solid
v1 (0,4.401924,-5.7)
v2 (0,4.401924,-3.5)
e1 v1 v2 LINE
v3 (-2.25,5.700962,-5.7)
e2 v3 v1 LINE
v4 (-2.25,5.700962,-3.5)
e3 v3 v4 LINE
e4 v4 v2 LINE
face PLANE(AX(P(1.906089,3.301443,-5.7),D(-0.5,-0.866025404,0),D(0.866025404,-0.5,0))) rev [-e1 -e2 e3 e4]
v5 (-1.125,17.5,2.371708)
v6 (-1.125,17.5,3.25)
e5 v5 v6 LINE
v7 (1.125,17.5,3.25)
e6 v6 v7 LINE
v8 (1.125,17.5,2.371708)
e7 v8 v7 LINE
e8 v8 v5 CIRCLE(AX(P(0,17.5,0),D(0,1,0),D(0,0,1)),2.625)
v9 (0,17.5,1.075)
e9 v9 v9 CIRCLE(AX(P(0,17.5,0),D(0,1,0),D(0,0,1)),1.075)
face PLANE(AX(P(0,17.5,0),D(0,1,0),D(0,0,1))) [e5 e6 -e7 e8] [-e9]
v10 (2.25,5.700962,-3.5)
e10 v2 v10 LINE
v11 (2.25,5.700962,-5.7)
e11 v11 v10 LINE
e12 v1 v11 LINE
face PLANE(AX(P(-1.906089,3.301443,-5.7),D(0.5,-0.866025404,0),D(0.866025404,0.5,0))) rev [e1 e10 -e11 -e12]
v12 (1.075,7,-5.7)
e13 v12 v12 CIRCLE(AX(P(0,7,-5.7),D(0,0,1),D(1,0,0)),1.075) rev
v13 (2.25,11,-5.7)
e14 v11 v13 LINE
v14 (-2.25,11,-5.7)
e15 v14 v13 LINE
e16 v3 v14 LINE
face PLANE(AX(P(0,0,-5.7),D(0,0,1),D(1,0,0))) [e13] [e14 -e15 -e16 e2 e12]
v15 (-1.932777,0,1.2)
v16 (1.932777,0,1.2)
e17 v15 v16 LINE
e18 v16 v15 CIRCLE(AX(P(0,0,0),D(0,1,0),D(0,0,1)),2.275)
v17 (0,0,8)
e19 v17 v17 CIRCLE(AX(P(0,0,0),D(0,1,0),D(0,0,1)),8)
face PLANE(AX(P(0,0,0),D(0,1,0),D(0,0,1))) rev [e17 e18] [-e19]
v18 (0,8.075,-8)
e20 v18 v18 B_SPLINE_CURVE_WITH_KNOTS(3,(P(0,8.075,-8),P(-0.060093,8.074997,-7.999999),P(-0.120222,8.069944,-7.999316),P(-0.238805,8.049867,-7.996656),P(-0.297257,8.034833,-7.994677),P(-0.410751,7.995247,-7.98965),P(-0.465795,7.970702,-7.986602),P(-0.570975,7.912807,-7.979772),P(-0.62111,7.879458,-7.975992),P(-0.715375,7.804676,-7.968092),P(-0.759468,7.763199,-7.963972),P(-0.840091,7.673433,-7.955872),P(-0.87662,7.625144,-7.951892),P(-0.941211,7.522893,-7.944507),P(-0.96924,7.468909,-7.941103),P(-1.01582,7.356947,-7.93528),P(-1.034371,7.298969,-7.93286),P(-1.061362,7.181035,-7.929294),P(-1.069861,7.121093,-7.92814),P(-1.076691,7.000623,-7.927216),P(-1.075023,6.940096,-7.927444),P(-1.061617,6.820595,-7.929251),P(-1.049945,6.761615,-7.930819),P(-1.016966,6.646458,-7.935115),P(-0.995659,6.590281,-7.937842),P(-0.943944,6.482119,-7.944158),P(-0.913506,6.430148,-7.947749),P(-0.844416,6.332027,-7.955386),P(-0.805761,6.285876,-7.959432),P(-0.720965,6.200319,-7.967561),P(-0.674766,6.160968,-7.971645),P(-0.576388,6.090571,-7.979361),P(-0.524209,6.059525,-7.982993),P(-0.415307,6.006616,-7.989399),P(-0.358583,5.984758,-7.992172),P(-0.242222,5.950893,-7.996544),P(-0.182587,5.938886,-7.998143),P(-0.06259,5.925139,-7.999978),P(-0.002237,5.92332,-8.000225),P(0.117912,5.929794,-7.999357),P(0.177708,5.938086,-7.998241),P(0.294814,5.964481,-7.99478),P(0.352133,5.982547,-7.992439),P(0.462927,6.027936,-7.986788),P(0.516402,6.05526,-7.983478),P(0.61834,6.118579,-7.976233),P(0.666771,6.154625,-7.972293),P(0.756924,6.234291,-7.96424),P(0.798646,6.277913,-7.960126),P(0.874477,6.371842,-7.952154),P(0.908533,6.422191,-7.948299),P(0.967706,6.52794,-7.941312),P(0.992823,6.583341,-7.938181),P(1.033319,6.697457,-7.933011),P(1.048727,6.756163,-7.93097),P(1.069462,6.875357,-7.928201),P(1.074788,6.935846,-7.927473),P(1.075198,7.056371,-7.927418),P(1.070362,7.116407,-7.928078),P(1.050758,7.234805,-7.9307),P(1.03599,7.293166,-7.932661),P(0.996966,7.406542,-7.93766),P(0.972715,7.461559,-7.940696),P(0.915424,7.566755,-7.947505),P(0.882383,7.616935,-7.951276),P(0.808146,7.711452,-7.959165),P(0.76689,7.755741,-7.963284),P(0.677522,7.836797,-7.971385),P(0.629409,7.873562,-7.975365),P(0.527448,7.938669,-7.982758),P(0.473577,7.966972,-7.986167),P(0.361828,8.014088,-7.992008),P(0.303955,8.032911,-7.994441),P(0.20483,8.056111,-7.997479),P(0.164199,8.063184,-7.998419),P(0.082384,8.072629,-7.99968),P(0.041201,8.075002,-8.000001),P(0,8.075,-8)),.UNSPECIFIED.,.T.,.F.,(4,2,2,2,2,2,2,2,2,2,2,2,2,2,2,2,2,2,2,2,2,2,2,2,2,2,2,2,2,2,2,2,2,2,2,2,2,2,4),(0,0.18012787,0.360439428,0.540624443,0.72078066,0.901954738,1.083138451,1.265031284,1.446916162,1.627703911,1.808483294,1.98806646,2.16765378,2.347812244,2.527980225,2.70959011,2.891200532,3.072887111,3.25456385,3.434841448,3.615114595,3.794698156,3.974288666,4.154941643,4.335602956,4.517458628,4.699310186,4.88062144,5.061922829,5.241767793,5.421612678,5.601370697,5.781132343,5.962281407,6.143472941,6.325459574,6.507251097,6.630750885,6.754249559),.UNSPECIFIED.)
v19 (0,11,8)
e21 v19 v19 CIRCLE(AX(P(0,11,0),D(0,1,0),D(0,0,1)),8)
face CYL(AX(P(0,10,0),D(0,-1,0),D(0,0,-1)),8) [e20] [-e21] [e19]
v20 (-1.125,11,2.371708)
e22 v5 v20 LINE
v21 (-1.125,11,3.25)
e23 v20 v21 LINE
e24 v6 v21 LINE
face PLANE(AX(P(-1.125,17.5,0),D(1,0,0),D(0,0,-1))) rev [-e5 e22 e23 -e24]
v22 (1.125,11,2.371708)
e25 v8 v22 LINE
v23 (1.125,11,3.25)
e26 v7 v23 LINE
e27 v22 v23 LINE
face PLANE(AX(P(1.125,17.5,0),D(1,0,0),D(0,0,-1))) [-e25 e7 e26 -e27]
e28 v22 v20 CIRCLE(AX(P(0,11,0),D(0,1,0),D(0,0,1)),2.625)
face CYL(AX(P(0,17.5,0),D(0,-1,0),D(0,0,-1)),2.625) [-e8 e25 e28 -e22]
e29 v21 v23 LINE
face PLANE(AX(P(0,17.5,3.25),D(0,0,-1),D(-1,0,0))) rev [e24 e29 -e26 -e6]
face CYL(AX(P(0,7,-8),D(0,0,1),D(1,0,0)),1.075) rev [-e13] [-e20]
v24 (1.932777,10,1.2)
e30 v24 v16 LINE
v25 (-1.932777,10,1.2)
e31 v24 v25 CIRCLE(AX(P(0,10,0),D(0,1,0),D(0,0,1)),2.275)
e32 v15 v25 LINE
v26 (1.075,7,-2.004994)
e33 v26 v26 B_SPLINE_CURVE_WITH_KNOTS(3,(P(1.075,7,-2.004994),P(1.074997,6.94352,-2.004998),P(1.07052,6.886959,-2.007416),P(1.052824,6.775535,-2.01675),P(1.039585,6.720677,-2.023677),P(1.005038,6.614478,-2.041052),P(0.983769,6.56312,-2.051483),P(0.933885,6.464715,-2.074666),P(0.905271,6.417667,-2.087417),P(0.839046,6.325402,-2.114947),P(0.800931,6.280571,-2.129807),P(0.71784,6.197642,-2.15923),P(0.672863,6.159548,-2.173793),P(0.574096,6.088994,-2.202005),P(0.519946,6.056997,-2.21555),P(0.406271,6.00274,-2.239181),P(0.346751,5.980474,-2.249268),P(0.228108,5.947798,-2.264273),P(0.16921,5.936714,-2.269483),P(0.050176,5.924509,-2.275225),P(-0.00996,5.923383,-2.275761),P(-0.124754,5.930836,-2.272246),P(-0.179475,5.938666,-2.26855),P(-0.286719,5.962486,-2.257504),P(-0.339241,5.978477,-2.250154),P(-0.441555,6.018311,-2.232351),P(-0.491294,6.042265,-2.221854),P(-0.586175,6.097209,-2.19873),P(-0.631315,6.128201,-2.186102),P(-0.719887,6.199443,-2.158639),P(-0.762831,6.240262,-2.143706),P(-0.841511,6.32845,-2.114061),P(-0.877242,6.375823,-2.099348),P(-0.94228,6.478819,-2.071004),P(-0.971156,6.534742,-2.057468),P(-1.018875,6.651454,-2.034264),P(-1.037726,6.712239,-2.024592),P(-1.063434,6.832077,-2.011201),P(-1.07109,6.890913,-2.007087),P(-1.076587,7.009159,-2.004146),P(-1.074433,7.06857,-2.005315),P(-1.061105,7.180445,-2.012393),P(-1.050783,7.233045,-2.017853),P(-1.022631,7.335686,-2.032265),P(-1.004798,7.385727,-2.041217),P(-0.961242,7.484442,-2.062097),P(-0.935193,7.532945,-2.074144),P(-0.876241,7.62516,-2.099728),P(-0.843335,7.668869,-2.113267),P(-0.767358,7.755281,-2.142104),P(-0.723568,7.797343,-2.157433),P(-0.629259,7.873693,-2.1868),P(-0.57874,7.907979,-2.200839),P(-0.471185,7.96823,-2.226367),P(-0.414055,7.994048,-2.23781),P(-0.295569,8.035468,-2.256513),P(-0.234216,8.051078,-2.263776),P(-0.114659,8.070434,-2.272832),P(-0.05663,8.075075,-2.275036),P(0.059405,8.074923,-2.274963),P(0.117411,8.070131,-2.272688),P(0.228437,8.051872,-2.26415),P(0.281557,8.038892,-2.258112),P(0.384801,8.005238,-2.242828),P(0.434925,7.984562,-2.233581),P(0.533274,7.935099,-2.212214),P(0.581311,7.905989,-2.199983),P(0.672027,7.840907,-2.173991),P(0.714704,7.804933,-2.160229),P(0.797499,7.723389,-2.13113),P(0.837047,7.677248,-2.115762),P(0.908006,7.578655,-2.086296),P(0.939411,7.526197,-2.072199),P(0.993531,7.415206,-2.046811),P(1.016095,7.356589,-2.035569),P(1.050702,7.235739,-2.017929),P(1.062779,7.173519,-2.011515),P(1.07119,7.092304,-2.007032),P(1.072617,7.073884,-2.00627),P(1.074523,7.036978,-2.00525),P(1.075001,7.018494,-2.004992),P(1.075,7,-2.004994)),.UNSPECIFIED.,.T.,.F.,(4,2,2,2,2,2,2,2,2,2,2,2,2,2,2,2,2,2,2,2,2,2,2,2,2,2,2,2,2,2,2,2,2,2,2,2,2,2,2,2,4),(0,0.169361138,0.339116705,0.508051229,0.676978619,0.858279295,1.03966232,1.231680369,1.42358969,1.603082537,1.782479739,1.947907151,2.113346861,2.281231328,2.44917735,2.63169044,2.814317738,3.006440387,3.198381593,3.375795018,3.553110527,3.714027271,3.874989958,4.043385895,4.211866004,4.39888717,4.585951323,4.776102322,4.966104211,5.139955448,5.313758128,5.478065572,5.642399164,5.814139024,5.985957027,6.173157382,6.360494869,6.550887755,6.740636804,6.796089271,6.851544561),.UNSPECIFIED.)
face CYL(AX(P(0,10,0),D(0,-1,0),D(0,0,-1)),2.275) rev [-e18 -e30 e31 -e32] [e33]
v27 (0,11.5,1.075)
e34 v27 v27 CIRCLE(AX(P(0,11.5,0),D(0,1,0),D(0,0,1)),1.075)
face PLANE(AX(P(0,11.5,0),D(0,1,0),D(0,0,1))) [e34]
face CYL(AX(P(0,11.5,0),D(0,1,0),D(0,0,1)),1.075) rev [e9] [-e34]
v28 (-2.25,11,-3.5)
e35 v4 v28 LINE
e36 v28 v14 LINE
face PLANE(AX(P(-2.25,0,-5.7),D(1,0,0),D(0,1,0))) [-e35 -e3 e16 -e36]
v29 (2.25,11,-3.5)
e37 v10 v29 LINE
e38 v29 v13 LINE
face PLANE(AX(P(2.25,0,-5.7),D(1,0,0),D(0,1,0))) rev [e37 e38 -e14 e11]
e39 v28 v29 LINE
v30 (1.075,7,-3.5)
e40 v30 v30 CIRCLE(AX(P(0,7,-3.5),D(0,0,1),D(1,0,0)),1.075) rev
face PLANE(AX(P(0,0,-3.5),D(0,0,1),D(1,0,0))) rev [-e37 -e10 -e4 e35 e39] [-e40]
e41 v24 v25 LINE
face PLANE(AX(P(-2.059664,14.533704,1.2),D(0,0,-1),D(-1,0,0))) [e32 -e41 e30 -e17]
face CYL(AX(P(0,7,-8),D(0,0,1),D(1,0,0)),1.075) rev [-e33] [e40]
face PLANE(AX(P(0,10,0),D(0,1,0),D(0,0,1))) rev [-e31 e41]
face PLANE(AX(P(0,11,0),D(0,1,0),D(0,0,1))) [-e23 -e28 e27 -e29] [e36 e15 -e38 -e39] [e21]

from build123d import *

# Parameters (mm, degrees)
SKETCH1_R           = 8
BOSS_EXTRUDE1_DEPTH = 10
SKETCH2_R           = 1.075
CUT_EXTRUDE1_DEPTH  = 9
SKETCH4_R           = 2.275
CUT_EXTRUDE4_DEPTH  = 11.0000001
SKETCH7_R           = 8
BOSS_EXTRUDE3_DEPTH = 1
SKETCH8_R           = 2.625
SKETCH8_W           = 2.25
SKETCH8_H           = 1.25
BOSS_EXTRUDE4_DEPTH = 6.5
SKETCH9_R           = 1.075
CUT_EXTRUDE5_DEPTH  = 6
CUT_EXTRUDE2_START  = -3.5
CUT_EXTRUDE2_DEPTH  = 2.2
SKETCH10_W          = 3.9924405
SKETCH10_H          = 2.148230377
BOSS_EXTRUDE5_DEPTH = 10


with BuildPart() as part:
    # Sketch1 → Boss-Extrude1 (new body)
    with BuildSketch(Plane(origin=(0, 0, 0), x_dir=(1, 0, 0), z_dir=(0, 1, 0))):
        Circle(SKETCH1_R)
    extrude(amount=BOSS_EXTRUDE1_DEPTH)

    # Sketch2 → Cut-Extrude1 (cut, through all)
    with BuildSketch(Plane.XY):
        with Locations((0, 7)):
            Circle(SKETCH2_R)
    extrude(amount=-CUT_EXTRUDE1_DEPTH, mode=Mode.SUBTRACT)

    # Sketch4 → Cut-Extrude4 (cut, through all)
    with BuildSketch(Plane(origin=(0, 0, 0), x_dir=(1, 0, 0), z_dir=(0, 1, 0))):
        Circle(SKETCH4_R)
    extrude(amount=CUT_EXTRUDE4_DEPTH, mode=Mode.SUBTRACT)

    # Sketch7 → Boss-Extrude3 (add)
    with BuildSketch(Plane(origin=(0, 10, 0), x_dir=(1, 0, 0), z_dir=(0, 1, 0))):
        Circle(SKETCH7_R)
    extrude(amount=BOSS_EXTRUDE3_DEPTH)

    # Sketch8 → Boss-Extrude4 (add)
    with BuildSketch(Plane(origin=(0, 11, 0), x_dir=(1, 0, 0), z_dir=(0, 1, 0))):
        Circle(SKETCH8_R)
        with Locations((0, -2.625)):
            Rectangle(SKETCH8_W, SKETCH8_H)
    extrude(amount=BOSS_EXTRUDE4_DEPTH)

    # Sketch9 → Cut-Extrude5 (cut)
    with BuildSketch(Plane(origin=(0, 17.5, 0), x_dir=(1, 0, 0), z_dir=(0, 1, 0))):
        Circle(SKETCH9_R)
    extrude(amount=-CUT_EXTRUDE5_DEPTH, mode=Mode.SUBTRACT)

    # Sketch3 → Cut-Extrude2 (cut)
    with BuildSketch(Plane.XY.offset(CUT_EXTRUDE2_START)):
        Polygon((0, 4.401923789), (2.25, 5.700961894), (2.25, 8.299038106), (2.25, 11.472802467), (-2.25, 11.472802467), (-2.25, 8.299038106), (-2.25, 5.700961894), align=None)
    extrude(amount=-CUT_EXTRUDE2_DEPTH, mode=Mode.SUBTRACT)

    # Sketch10 → Boss-Extrude5 (add)
    with BuildSketch(Plane.XZ):
        with Locations((-0.06344375, 2.274115189)):
            Rectangle(SKETCH10_W, SKETCH10_H)
    extrude(amount=-BOSS_EXTRUDE5_DEPTH)


solid = part.part
